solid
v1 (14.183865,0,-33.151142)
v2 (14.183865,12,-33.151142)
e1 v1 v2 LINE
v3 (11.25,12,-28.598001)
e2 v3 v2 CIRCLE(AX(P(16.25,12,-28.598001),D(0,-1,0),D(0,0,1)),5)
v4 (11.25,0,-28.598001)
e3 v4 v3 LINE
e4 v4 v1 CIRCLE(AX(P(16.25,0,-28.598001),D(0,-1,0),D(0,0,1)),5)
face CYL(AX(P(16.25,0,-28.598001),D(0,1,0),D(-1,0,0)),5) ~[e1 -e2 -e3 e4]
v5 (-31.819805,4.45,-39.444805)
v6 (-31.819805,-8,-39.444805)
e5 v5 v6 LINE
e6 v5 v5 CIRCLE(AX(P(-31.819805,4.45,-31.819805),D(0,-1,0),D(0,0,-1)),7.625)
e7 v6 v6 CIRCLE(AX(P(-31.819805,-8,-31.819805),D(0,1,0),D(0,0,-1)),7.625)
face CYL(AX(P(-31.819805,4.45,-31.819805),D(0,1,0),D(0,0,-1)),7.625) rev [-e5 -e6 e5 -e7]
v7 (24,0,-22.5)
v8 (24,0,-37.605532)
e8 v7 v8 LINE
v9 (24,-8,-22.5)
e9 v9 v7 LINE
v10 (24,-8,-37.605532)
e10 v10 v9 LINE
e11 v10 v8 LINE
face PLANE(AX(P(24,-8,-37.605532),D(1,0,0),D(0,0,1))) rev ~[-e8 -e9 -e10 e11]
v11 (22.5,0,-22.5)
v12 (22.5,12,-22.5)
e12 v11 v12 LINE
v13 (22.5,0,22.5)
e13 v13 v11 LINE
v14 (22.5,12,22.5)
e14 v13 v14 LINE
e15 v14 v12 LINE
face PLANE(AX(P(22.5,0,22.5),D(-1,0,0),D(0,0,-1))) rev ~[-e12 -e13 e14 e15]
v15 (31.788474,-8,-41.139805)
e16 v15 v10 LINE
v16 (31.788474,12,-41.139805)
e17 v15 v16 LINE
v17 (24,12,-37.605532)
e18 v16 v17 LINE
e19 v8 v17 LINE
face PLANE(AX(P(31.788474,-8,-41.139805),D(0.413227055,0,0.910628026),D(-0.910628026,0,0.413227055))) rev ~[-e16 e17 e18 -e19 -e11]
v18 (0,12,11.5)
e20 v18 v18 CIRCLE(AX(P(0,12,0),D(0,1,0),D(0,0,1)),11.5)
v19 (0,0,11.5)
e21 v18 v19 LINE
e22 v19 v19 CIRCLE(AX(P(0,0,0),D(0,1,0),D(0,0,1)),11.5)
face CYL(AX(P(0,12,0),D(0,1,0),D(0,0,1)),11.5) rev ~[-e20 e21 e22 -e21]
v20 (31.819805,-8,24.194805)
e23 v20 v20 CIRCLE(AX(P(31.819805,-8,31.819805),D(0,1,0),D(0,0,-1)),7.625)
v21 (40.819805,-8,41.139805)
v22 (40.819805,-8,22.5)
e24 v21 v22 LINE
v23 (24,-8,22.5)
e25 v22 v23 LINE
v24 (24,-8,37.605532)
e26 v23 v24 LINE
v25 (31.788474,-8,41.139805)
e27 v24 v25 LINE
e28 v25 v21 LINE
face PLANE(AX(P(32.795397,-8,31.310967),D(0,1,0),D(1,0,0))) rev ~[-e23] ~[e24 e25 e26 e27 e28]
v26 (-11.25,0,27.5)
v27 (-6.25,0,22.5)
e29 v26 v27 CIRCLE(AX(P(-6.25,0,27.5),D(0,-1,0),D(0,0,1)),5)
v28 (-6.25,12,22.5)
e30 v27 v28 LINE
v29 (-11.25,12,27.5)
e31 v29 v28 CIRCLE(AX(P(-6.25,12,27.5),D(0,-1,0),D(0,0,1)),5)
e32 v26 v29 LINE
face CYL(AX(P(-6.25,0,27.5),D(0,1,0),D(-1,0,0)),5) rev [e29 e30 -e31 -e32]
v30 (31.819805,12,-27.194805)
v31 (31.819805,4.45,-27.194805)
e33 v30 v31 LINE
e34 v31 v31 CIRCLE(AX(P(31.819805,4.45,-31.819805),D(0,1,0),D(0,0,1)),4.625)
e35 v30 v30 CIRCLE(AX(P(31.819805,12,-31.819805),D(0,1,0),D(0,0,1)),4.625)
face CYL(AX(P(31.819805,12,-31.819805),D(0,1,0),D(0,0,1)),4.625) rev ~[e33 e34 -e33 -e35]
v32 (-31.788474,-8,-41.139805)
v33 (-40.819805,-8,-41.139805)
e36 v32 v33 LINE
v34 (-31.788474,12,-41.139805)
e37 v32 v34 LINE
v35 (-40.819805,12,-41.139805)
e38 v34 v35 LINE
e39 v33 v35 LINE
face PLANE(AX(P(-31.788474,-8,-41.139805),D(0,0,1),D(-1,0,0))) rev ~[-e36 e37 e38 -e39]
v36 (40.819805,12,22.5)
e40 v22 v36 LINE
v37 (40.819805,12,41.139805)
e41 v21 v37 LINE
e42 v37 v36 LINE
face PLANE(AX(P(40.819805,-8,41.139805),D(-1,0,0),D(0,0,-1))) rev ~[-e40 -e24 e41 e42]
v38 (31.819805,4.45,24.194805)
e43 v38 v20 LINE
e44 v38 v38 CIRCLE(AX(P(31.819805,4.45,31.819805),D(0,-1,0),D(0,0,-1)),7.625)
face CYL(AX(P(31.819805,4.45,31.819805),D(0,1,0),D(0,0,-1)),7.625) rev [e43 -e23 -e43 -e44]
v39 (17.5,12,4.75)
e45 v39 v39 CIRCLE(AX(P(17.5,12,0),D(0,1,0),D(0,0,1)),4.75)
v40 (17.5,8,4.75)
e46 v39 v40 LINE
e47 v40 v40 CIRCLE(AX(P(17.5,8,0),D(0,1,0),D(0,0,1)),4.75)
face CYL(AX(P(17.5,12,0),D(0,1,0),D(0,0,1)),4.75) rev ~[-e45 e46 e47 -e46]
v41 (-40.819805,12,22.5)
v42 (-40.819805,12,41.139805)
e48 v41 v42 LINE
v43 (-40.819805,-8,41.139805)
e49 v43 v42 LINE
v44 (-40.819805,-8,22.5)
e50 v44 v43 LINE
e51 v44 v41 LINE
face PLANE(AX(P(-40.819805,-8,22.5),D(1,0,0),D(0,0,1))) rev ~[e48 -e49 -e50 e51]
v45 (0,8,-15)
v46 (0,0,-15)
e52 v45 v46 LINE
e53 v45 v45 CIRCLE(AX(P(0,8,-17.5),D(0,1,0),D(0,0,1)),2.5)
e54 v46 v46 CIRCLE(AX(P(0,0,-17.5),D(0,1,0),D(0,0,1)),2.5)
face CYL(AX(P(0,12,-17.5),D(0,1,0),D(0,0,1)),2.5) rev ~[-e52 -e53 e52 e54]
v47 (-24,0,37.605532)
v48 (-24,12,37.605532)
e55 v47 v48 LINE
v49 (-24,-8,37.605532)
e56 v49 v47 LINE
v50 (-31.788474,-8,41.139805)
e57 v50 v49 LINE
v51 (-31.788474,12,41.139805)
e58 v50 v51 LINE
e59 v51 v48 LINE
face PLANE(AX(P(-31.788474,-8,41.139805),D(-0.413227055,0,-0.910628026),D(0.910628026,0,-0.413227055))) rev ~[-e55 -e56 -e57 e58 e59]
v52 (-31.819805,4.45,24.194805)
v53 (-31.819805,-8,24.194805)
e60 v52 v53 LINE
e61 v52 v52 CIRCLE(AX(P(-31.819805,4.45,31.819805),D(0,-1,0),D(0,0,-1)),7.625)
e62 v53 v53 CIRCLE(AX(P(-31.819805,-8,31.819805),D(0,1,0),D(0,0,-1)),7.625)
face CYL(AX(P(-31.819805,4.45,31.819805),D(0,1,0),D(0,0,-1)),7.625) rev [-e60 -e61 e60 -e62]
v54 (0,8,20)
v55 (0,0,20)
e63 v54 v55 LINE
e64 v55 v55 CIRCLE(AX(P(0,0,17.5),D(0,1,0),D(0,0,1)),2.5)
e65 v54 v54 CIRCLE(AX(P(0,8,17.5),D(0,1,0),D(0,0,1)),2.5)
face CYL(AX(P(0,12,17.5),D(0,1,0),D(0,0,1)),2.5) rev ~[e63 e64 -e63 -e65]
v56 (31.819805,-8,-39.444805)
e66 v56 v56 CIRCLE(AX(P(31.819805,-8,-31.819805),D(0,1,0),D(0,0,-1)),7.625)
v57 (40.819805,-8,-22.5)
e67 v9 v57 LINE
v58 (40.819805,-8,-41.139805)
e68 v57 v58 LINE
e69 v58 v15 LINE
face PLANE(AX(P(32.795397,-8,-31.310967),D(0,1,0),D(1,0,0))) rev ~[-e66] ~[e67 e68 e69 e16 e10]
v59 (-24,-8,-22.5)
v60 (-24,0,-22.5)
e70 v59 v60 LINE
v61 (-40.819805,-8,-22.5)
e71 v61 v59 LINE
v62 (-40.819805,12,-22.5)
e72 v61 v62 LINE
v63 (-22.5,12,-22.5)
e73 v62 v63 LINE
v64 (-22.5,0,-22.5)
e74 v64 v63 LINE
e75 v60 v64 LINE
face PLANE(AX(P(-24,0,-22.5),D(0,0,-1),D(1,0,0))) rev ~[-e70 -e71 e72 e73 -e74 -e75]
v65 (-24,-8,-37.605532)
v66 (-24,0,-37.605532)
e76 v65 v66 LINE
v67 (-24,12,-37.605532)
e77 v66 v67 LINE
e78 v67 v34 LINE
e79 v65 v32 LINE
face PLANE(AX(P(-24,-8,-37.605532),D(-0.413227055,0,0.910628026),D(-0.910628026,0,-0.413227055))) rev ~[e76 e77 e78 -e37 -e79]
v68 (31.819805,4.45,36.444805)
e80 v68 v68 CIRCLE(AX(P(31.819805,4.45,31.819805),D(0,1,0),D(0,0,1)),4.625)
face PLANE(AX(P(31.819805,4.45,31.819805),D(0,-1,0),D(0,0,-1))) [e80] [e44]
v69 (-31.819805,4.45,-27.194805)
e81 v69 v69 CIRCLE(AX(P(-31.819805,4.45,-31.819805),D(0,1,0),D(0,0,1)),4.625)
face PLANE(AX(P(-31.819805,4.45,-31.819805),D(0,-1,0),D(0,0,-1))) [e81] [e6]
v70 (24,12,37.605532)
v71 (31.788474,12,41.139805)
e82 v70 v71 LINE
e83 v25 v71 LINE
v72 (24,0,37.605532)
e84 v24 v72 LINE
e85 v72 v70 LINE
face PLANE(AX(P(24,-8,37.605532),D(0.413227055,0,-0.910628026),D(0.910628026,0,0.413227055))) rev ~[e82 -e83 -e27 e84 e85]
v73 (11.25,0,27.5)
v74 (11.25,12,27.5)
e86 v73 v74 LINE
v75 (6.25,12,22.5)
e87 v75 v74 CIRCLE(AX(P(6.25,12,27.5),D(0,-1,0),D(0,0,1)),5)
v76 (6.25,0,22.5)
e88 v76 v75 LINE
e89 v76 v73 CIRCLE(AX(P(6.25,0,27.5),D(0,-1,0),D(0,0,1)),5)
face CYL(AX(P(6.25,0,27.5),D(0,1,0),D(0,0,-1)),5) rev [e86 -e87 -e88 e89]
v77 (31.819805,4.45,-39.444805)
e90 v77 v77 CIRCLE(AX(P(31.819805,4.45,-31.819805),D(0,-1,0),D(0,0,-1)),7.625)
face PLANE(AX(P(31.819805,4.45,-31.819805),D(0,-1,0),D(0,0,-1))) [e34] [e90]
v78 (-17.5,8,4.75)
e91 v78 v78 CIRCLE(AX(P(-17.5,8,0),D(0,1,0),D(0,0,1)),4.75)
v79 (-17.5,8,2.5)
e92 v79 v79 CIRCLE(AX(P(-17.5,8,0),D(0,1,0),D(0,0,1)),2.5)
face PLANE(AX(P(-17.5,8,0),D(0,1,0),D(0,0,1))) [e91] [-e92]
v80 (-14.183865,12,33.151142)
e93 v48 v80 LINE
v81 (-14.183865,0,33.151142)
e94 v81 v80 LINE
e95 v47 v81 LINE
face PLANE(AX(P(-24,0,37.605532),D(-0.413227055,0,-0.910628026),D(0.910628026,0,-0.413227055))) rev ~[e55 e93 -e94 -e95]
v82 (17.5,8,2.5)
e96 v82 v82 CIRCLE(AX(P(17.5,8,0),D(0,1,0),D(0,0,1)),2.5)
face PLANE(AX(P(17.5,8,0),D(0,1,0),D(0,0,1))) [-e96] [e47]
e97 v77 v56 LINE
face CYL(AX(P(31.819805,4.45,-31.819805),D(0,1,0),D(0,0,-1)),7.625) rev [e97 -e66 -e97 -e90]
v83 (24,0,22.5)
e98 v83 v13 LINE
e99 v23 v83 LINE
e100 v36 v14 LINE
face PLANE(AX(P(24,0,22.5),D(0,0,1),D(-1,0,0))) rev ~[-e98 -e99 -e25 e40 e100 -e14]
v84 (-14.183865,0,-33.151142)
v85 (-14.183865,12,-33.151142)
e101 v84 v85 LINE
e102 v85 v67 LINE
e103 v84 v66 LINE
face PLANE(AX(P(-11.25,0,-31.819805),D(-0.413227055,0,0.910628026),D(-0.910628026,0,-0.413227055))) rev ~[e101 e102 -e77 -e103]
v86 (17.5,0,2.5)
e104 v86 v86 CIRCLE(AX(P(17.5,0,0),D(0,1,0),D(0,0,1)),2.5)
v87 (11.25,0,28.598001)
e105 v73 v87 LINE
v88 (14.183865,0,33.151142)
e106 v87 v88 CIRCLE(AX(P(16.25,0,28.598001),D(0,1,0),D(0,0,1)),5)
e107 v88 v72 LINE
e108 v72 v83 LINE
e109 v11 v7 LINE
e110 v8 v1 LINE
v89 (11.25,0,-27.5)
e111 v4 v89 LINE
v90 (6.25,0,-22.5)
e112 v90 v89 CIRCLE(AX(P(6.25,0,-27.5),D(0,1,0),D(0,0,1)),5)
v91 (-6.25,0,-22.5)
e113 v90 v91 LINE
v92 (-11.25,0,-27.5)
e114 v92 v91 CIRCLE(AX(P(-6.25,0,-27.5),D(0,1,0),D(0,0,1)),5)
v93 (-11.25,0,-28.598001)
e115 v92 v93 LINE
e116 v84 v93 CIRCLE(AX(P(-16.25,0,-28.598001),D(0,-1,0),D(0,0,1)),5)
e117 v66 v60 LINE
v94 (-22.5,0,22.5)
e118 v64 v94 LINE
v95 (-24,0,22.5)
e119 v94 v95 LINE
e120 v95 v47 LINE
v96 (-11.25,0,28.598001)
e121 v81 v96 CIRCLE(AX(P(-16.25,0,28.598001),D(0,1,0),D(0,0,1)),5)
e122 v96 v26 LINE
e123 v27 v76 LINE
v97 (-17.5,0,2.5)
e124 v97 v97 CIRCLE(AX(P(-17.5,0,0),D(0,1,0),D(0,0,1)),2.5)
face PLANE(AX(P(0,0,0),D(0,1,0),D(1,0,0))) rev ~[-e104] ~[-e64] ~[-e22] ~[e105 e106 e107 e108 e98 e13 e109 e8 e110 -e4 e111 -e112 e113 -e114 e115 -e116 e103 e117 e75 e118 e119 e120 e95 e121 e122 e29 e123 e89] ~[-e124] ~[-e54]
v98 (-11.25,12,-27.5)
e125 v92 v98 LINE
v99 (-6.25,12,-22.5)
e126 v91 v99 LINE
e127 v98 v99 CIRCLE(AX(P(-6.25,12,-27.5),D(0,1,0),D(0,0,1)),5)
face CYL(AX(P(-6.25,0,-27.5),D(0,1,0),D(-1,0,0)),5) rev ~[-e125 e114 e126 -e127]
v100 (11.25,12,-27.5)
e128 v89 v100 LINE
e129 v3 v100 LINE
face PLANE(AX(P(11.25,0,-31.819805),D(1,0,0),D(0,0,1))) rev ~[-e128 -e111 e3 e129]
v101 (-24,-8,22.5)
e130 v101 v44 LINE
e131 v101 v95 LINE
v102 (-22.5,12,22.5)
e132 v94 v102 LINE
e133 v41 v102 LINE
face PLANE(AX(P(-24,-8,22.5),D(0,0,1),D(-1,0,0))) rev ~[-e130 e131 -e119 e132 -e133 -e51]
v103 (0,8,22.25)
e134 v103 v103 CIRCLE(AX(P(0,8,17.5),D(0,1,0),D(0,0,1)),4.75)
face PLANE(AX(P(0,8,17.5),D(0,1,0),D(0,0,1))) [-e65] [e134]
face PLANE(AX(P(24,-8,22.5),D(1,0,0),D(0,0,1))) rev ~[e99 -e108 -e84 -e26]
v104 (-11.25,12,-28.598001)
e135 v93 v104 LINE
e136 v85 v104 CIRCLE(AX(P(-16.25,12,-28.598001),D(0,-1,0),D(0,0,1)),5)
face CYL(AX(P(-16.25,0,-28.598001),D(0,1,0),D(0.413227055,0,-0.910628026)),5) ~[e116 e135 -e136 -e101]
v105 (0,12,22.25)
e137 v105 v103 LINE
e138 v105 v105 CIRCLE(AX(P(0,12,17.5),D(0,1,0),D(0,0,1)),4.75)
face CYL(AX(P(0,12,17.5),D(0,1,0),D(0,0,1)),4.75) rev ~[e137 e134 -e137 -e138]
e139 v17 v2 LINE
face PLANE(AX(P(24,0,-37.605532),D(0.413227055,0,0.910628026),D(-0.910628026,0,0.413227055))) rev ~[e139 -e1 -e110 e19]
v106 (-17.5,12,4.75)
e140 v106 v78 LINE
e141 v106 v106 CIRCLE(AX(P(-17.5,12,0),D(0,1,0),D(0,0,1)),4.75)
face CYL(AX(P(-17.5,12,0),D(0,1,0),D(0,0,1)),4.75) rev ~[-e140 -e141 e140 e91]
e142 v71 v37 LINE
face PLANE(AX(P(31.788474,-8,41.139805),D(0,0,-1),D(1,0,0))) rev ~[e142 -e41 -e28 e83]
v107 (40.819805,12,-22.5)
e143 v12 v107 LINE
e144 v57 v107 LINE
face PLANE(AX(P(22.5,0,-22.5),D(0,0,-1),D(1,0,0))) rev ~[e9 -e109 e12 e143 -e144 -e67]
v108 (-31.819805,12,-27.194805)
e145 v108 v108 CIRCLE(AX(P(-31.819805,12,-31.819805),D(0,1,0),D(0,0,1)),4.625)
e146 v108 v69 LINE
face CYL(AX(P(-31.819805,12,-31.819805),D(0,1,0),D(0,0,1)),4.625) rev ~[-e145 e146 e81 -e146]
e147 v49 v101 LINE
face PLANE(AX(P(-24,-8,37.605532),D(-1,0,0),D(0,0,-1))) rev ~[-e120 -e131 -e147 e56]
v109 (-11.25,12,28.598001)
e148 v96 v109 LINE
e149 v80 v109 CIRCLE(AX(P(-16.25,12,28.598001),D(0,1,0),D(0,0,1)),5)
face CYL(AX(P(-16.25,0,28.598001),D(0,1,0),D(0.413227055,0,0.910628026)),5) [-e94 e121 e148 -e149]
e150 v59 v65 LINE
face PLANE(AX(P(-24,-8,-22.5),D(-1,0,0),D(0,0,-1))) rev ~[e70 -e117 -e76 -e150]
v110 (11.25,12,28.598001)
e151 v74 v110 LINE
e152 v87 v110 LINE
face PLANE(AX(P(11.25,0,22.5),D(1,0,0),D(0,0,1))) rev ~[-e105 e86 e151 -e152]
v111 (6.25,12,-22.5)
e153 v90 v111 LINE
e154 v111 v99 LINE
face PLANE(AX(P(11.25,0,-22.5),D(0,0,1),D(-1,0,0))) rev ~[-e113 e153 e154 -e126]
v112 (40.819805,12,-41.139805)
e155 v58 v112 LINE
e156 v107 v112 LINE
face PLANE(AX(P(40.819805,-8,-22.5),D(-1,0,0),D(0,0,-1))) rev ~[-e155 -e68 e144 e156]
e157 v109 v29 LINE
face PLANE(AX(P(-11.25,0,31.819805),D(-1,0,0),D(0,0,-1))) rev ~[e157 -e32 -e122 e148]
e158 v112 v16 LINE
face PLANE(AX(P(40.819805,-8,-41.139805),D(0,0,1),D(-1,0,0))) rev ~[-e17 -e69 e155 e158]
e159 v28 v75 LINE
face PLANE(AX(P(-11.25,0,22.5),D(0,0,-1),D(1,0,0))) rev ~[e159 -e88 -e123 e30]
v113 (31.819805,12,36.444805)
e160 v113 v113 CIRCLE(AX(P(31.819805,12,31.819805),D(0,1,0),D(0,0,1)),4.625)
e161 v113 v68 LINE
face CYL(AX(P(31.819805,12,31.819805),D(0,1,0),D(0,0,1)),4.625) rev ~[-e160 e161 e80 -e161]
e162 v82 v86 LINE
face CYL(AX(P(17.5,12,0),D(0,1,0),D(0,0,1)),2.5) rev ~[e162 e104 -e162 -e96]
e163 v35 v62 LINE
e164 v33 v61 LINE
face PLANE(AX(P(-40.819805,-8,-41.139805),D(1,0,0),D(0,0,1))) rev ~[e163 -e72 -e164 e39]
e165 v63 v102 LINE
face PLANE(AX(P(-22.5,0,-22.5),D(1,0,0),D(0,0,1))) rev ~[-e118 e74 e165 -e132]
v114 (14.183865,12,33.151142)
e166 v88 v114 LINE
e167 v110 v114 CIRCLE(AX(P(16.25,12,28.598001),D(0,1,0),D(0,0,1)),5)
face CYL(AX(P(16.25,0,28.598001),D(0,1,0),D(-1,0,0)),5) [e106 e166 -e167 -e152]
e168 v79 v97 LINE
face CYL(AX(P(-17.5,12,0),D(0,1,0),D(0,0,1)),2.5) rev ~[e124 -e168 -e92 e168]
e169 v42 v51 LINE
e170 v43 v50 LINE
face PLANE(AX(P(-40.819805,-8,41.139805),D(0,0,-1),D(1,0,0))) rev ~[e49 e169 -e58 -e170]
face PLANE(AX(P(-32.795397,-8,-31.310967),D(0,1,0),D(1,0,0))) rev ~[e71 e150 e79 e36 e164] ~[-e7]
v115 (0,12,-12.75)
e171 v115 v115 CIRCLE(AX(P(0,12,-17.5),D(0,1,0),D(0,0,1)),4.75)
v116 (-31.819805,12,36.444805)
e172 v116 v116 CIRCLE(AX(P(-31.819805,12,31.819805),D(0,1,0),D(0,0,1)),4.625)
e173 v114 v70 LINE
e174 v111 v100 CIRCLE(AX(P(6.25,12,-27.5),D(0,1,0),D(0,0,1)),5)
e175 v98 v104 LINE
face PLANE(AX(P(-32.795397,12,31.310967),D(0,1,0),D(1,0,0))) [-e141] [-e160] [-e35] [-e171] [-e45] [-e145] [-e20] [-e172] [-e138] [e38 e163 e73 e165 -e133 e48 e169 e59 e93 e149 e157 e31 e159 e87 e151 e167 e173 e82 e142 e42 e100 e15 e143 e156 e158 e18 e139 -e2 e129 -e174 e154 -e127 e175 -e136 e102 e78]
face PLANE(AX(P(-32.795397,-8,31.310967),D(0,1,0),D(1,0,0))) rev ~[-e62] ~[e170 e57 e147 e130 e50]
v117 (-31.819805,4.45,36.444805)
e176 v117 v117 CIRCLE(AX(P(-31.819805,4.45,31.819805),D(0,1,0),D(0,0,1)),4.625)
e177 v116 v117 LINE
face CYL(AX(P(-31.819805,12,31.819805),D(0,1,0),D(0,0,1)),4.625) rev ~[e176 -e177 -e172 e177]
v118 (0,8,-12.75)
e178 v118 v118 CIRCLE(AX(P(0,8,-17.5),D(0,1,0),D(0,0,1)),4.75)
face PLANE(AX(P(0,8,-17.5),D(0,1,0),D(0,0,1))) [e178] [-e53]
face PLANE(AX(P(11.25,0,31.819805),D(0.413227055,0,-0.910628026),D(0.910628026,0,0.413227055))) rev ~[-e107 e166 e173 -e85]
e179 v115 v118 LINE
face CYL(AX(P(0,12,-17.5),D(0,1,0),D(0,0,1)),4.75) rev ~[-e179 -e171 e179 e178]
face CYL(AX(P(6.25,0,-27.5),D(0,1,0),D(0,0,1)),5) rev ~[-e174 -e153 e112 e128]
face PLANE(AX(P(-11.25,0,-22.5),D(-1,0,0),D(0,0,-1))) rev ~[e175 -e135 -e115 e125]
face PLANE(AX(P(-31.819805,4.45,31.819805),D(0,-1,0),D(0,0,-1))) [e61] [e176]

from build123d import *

# Parameters (mm, degrees)
BOSS_EXTRUDE1_DEPTH      = 12
BOSS_EXTRUDE2_DEPTH      = 12
BOSS_EXTRUDE2_DEPTH_BACK = 8
SKETCH2_R                = 11.5
SKETCH2_R_2              = 4.625
SKETCH2_R_3              = 2.5
CUT_EXTRUDE1_DEPTH       = 62.308564335
CUT_EXTRUDE2_DEPTH       = 60.183951041
CUT_EXTRUDE2_DEPTH_BACK  = 4.45
SKETCH3_R                = 7.625
FILLET3_R                = 5
SKETCH4_R                = 4.75
CUT_EXTRUDE3_DEPTH       = 4


with BuildPart() as part:
    # Sketch1 → Boss-Extrude1 (new body)
    with BuildSketch(Plane(origin=(0, 0, 0), x_dir=(1, 0, 0), z_dir=(0, 1, 0))):
        Polygon((-22.5, 22.5), (-22.5, -22.5), (-24, -22.5), (-24, -37.605531925), (-11.25, -31.819805153), (-11.25, -22.5), (11.25, -22.5), (11.25, -31.819805153), (24, -37.605531925), (24, -22.5), (22.5, -22.5), (22.5, 22.5), (24, 22.5), (24, 37.605531925), (11.25, 31.819805153), (11.25, 22.5), (-11.25, 22.5), (-11.25, 31.819805153), (-24, 37.605531925), (-24, 22.5), align=None)
    extrude(amount=BOSS_EXTRUDE1_DEPTH)

    # Sketch1<3> → Boss-Extrude2 (add, two sides: drawn at the far end of the back side and taken through both)
    with BuildSketch(Plane(origin=(0, 0, 0), x_dir=(1, 0, 0), z_dir=(0, 1, 0)).offset(-BOSS_EXTRUDE2_DEPTH_BACK)):
        Polygon((-24, -37.605531925), (-24, -22.5), (-40.819805153, -22.5), (-40.819805153, -41.139805153), (-31.788474194, -41.139805153), align=None)
        Polygon((-40.819805153, 22.5), (-24, 22.5), (-24, 37.605531925), (-31.788474194, 41.139805153), (-40.819805153, 41.139805153), align=None)
        Polygon((24, -22.5), (24, -37.605531925), (31.788474194, -41.139805153), (40.819805153, -41.139805153), (40.819805153, -22.5), align=None)
        Polygon((31.788474194, 41.139805153), (24, 37.605531925), (24, 22.5), (40.819805153, 22.5), (40.819805153, 41.139805153), align=None)
    extrude(amount=BOSS_EXTRUDE2_DEPTH + BOSS_EXTRUDE2_DEPTH_BACK)

    # Sketch2 → Cut-Extrude1 (cut, through all)
    with BuildSketch(Plane(origin=(0, 12, 0), x_dir=(1, 0, 0), z_dir=(0, 1, 0))):
        with Locations(Location((0, 0, 0), (0, 0, 270))):
            Circle(SKETCH2_R)
        with Locations(Location((-31.819805153, 31.819805153, 0), (0, 0, 270))):
            Circle(SKETCH2_R_2)
        with Locations(Location((31.819805153, 31.819805153, 0), (0, 0, 270))):
            Circle(SKETCH2_R_2)
        with Locations(Location((31.819805153, -31.819805153, 0), (0, 0, 270))):
            Circle(SKETCH2_R_2)
        with Locations(Location((-31.819805153, -31.819805153, 0), (0, 0, 270))):
            Circle(SKETCH2_R_2)
        with Locations(Location((0, 17.5, 0), (0, 0, 270))):
            Circle(SKETCH2_R_3)
        with Locations(Location((17.5, 0, 0), (0, 0, 270))):
            Circle(SKETCH2_R_3)
        with Locations(Location((0, -17.5, 0), (0, 0, 270))):
            Circle(SKETCH2_R_3)
        with Locations(Location((-17.5, 0, 0), (0, 0, 270))):
            Circle(SKETCH2_R_3)
    extrude(amount=-CUT_EXTRUDE1_DEPTH, mode=Mode.SUBTRACT)

    # Sketch3 → Cut-Extrude2 (cut, two sides: drawn at the far end of the back side and taken through both)
    with BuildSketch(Plane.XZ.offset(-CUT_EXTRUDE2_DEPTH_BACK)):
        with Locations(Location((31.819805153, -31.819805153, 0), (0, 0, 270))):
            Circle(SKETCH3_R)
        with Locations(Location((-31.819805153, -31.819805153, 0), (0, 0, 270))):
            Circle(SKETCH3_R)
        with Locations(Location((-31.819805153, 31.819805153, 0), (0, 0, 270))):
            Circle(SKETCH3_R)
        with Locations(Location((31.819805153, 31.819805153, 0), (0, 0, 270))):
            Circle(SKETCH3_R)
    extrude(amount=CUT_EXTRUDE2_DEPTH + CUT_EXTRUDE2_DEPTH_BACK, mode=Mode.SUBTRACT)

    # Fillet3
    fillet3_edges = [part.edges().sort_by_distance(p)[0] for p in [
        (11.25, 6, 31.819805153),
        (11.25, 6, 22.5),
        (-11.25, 6, 22.5),
        (-11.25, 6, 31.819805153),
        (-11.25, 6, -31.819805153),
        (-11.25, 6, -22.5),
        (11.25, 6, -22.5),
        (11.25, 6, -31.819805153),
    ]]
    fillet(fillet3_edges, radius=FILLET3_R)

    # Sketch4 → Cut-Extrude3 (cut)
    with BuildSketch(Plane(origin=(0, 12, 0), x_dir=(1, 0, 0), z_dir=(0, 1, 0))):
        with Locations(Location((0, 17.5, 0), (0, 0, 270))):
            Circle(SKETCH4_R)
        with Locations(Location((17.5, 0, 0), (0, 0, 270))):
            Circle(SKETCH4_R)
        with Locations(Location((0, -17.5, 0), (0, 0, 270))):
            Circle(SKETCH4_R)
        with Locations(Location((-17.5, 0, 0), (0, 0, 270))):
            Circle(SKETCH4_R)
    extrude(amount=-CUT_EXTRUDE3_DEPTH, mode=Mode.SUBTRACT)


solid = part.part
